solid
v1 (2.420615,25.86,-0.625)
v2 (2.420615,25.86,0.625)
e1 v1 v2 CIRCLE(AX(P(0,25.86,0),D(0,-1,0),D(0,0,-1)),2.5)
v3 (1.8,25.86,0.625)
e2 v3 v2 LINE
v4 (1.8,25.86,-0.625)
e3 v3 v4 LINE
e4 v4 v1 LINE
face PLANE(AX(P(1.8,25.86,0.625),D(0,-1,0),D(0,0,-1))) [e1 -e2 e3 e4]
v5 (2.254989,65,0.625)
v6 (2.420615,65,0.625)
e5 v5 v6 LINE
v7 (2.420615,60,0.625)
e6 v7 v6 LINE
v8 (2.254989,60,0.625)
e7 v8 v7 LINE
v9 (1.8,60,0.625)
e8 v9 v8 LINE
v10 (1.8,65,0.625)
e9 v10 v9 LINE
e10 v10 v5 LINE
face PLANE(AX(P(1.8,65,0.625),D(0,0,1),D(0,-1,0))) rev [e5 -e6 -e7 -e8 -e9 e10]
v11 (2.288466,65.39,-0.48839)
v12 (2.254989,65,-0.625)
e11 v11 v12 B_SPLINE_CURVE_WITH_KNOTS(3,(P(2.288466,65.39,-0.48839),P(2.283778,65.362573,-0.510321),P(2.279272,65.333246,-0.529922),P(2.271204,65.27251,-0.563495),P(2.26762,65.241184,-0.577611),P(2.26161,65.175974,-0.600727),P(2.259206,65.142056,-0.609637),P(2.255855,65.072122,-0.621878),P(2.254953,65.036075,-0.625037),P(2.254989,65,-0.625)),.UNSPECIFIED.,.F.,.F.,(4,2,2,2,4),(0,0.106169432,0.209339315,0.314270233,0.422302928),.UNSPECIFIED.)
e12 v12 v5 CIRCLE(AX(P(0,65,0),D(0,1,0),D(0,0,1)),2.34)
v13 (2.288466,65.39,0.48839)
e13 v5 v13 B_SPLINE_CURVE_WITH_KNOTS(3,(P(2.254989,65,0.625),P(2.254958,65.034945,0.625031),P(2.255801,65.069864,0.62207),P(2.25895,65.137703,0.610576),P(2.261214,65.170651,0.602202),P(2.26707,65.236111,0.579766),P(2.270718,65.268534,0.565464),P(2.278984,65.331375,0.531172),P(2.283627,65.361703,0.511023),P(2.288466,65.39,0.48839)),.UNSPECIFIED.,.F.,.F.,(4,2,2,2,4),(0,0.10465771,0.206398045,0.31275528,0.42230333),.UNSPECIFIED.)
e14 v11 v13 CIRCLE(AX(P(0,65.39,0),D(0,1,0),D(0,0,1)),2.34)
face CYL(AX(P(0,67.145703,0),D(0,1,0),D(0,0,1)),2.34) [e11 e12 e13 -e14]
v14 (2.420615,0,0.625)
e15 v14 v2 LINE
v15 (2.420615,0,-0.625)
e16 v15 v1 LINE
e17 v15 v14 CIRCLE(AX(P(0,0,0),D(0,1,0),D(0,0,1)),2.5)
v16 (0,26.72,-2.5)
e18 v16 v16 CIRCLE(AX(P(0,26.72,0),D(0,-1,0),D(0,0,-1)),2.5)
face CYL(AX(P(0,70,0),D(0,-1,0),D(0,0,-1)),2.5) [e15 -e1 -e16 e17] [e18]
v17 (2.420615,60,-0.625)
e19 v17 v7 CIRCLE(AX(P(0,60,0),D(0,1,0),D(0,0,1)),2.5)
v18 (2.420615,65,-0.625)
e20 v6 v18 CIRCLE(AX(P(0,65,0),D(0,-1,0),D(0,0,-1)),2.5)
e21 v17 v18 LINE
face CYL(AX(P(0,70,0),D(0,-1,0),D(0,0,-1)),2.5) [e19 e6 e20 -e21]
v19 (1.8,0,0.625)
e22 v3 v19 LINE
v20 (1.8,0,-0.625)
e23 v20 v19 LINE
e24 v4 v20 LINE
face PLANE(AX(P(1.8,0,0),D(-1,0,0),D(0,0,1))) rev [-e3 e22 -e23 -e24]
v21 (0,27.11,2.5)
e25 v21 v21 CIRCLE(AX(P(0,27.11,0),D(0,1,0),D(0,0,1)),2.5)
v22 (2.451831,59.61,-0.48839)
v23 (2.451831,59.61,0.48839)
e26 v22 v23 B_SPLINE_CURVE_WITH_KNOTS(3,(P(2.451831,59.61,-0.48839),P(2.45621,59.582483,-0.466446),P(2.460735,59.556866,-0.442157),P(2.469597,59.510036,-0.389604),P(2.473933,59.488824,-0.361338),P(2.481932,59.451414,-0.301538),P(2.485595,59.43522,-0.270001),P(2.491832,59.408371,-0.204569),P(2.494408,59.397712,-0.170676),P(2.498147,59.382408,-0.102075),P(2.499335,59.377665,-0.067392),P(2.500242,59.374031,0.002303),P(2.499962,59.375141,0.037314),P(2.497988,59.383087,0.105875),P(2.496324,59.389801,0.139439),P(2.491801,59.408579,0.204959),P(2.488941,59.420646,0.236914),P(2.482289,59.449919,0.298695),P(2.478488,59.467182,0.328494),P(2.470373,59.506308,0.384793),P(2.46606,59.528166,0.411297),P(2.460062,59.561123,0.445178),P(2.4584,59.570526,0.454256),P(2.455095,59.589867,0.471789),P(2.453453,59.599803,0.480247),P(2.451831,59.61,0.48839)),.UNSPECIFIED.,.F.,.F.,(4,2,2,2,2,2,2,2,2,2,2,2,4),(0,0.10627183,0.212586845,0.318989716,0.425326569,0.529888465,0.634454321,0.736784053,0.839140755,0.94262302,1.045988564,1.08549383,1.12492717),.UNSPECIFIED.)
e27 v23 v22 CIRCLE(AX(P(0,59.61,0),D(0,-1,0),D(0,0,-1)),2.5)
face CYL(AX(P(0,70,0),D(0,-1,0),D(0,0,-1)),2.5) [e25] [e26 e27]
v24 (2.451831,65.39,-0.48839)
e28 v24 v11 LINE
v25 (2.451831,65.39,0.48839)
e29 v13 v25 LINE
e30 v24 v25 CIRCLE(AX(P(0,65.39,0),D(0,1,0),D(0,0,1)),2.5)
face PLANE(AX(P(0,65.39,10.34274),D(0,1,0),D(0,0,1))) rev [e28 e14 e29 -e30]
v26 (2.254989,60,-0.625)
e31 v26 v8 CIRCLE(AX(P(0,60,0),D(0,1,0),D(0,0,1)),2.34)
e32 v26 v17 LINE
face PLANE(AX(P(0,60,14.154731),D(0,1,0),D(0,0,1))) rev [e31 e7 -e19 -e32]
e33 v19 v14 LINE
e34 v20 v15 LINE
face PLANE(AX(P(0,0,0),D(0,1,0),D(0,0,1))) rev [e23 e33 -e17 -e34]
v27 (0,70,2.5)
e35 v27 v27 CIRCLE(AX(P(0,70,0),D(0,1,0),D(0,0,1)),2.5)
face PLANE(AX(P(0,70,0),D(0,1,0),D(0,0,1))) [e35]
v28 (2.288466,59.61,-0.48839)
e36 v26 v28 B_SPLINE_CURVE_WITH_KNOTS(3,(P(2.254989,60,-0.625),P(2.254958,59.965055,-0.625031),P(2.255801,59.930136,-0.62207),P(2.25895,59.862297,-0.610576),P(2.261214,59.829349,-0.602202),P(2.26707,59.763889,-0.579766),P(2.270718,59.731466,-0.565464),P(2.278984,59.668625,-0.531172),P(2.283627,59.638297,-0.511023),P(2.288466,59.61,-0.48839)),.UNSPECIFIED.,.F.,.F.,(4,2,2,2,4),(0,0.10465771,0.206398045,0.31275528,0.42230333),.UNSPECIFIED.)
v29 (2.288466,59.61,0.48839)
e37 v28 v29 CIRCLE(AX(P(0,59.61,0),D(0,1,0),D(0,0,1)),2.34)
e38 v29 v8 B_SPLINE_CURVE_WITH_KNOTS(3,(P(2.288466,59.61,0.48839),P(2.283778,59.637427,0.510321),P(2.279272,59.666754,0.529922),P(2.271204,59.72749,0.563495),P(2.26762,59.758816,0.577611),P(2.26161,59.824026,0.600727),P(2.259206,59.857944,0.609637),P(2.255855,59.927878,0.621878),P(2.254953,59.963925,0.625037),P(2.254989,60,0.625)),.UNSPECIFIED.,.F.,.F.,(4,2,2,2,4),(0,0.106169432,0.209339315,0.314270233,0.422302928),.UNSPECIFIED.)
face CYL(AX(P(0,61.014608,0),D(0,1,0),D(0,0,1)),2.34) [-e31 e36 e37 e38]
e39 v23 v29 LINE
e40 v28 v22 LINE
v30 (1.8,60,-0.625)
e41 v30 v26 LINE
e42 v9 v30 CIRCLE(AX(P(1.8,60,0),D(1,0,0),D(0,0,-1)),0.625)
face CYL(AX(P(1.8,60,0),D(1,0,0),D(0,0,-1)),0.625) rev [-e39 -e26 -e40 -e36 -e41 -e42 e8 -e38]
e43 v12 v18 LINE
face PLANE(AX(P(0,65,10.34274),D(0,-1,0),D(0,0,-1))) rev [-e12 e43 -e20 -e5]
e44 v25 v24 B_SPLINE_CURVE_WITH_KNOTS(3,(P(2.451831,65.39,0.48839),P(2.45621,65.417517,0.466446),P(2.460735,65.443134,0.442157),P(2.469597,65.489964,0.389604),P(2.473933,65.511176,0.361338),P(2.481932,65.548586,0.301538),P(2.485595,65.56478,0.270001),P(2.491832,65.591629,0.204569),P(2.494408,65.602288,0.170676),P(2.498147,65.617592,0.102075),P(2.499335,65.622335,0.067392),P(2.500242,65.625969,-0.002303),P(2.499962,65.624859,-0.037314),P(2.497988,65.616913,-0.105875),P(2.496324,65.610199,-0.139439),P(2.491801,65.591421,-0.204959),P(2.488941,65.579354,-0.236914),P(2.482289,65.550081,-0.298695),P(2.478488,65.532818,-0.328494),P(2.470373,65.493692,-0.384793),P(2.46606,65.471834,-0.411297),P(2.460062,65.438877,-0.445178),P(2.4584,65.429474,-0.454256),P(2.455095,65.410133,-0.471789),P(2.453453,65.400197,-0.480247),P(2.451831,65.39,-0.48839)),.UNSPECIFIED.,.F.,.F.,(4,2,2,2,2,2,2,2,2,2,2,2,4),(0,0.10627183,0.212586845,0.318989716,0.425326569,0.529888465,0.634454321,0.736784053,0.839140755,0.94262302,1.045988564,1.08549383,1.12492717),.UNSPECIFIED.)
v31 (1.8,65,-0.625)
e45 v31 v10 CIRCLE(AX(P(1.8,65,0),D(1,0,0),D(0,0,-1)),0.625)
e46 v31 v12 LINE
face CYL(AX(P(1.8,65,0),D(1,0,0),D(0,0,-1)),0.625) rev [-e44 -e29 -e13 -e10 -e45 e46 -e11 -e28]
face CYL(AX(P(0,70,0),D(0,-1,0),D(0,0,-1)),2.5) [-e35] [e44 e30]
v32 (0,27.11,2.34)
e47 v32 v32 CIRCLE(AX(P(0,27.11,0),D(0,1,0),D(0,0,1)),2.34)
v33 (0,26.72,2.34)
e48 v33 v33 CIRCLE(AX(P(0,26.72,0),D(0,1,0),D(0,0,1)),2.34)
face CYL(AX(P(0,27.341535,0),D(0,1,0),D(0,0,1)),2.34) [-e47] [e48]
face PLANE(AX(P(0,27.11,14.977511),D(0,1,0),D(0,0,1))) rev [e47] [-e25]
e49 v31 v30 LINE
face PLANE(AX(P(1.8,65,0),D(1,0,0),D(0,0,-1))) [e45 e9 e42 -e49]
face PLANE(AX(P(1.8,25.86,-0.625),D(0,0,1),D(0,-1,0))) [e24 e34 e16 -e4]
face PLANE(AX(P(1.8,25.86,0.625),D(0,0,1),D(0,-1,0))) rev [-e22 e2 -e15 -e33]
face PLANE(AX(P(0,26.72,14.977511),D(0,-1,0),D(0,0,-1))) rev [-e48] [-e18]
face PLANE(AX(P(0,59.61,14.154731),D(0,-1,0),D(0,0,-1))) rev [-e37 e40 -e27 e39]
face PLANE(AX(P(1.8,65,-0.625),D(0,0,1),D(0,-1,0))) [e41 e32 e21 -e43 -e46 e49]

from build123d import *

# Parameters (mm, degrees)
SKETCH1_R           = 2.5
BOSS_EXTRUDE1_DEPTH = 70
SKETCH2_W           = 8.002740347
SKETCH2_H           = 0.39
SKETCH3_W           = 11.814730857
SKETCH3_H           = 0.39
SKETCH4_W           = 12.637510598
SKETCH4_H           = 0.39
CUT_EXTRUDE1_DEPTH  = 0.7
SKETCH6_W           = 1.25
SKETCH6_H           = 31.626867322
CUT_EXTRUDE2_DEPTH  = 0.7


with BuildPart() as part:
    # Sketch1 → Boss-Extrude1 (new body)
    with BuildSketch(Plane(origin=(0, 0, 0), x_dir=(1, 0, 0), z_dir=(0, 1, 0))):
        with Locations(Location((0, 0, 0), (0, 0, 270))):
            Circle(SKETCH1_R)
    extrude(amount=BOSS_EXTRUDE1_DEPTH)

    # Sketch2 → Cut-Revolve1 (revolve, cut)
    with BuildSketch(Plane(origin=(0, 0, 0), x_dir=(0, 0, -1), z_dir=(1, 0, 0))):
        with Locations((-6.341370174, 65.195)):
            Rectangle(SKETCH2_W, SKETCH2_H)
    revolve(axis=Axis((0, 67.145702963, 0), (0, -1, 0)), mode=Mode.SUBTRACT)

    # Sketch3 → Cut-Revolve2 (revolve, cut)
    with BuildSketch(Plane(origin=(0, 0, 0), x_dir=(0, 0, -1), z_dir=(1, 0, 0)), mode=Mode.PRIVATE) as cut_revolve2_sk:
        with Locations((-8.247365429, 59.805)):
            Rectangle(SKETCH3_W, SKETCH3_H)
    revolve(cut_revolve2_sk.sketch.rotate(Axis((0, 61.014608436, 0), (0, -1, 0)), 180), axis=Axis((0, 61.014608436, 0), (0, -1, 0)), mode=Mode.SUBTRACT)

    # Sketch4 → Cut-Revolve3 (revolve, cut)
    with BuildSketch(Plane(origin=(0, 0, 0), x_dir=(0, 0, -1), z_dir=(1, 0, 0)), mode=Mode.PRIVATE) as cut_revolve3_sk:
        with Locations((-8.658755299, 26.915)):
            Rectangle(SKETCH4_W, SKETCH4_H)
    revolve(cut_revolve3_sk.sketch.rotate(Axis((0, 27.341534507, 0), (0, -1, 0)), 180), axis=Axis((0, 27.341534507, 0), (0, -1, 0)), mode=Mode.SUBTRACT)

    # Sketch5 → Cut-Extrude1 (cut)
    with BuildSketch(Plane(origin=(2.5, 0, 0), x_dir=(0, 0, -1), z_dir=(1, 0, 0))):
        with BuildLine():
            Line((0.625, 65), (0.625, 60))
            ThreePointArc((0.625, 60), (0, 59.375), (-0.625, 60))
            Line((-0.625, 60), (-0.625, 65))
            ThreePointArc((-0.625, 65), (0, 65.625), (0.625, 65))
        make_face()
    extrude(amount=-CUT_EXTRUDE1_DEPTH, mode=Mode.SUBTRACT)

    # Sketch6 → Cut-Extrude2 (cut)
    with BuildSketch(Plane(origin=(2.5, 0, 0), x_dir=(0, 0, -1), z_dir=(1, 0, 0))):
        with Locations((0, 10.046566339)):
            Rectangle(SKETCH6_W, SKETCH6_H)
    extrude(amount=-CUT_EXTRUDE2_DEPTH, mode=Mode.SUBTRACT)


solid = part.part
